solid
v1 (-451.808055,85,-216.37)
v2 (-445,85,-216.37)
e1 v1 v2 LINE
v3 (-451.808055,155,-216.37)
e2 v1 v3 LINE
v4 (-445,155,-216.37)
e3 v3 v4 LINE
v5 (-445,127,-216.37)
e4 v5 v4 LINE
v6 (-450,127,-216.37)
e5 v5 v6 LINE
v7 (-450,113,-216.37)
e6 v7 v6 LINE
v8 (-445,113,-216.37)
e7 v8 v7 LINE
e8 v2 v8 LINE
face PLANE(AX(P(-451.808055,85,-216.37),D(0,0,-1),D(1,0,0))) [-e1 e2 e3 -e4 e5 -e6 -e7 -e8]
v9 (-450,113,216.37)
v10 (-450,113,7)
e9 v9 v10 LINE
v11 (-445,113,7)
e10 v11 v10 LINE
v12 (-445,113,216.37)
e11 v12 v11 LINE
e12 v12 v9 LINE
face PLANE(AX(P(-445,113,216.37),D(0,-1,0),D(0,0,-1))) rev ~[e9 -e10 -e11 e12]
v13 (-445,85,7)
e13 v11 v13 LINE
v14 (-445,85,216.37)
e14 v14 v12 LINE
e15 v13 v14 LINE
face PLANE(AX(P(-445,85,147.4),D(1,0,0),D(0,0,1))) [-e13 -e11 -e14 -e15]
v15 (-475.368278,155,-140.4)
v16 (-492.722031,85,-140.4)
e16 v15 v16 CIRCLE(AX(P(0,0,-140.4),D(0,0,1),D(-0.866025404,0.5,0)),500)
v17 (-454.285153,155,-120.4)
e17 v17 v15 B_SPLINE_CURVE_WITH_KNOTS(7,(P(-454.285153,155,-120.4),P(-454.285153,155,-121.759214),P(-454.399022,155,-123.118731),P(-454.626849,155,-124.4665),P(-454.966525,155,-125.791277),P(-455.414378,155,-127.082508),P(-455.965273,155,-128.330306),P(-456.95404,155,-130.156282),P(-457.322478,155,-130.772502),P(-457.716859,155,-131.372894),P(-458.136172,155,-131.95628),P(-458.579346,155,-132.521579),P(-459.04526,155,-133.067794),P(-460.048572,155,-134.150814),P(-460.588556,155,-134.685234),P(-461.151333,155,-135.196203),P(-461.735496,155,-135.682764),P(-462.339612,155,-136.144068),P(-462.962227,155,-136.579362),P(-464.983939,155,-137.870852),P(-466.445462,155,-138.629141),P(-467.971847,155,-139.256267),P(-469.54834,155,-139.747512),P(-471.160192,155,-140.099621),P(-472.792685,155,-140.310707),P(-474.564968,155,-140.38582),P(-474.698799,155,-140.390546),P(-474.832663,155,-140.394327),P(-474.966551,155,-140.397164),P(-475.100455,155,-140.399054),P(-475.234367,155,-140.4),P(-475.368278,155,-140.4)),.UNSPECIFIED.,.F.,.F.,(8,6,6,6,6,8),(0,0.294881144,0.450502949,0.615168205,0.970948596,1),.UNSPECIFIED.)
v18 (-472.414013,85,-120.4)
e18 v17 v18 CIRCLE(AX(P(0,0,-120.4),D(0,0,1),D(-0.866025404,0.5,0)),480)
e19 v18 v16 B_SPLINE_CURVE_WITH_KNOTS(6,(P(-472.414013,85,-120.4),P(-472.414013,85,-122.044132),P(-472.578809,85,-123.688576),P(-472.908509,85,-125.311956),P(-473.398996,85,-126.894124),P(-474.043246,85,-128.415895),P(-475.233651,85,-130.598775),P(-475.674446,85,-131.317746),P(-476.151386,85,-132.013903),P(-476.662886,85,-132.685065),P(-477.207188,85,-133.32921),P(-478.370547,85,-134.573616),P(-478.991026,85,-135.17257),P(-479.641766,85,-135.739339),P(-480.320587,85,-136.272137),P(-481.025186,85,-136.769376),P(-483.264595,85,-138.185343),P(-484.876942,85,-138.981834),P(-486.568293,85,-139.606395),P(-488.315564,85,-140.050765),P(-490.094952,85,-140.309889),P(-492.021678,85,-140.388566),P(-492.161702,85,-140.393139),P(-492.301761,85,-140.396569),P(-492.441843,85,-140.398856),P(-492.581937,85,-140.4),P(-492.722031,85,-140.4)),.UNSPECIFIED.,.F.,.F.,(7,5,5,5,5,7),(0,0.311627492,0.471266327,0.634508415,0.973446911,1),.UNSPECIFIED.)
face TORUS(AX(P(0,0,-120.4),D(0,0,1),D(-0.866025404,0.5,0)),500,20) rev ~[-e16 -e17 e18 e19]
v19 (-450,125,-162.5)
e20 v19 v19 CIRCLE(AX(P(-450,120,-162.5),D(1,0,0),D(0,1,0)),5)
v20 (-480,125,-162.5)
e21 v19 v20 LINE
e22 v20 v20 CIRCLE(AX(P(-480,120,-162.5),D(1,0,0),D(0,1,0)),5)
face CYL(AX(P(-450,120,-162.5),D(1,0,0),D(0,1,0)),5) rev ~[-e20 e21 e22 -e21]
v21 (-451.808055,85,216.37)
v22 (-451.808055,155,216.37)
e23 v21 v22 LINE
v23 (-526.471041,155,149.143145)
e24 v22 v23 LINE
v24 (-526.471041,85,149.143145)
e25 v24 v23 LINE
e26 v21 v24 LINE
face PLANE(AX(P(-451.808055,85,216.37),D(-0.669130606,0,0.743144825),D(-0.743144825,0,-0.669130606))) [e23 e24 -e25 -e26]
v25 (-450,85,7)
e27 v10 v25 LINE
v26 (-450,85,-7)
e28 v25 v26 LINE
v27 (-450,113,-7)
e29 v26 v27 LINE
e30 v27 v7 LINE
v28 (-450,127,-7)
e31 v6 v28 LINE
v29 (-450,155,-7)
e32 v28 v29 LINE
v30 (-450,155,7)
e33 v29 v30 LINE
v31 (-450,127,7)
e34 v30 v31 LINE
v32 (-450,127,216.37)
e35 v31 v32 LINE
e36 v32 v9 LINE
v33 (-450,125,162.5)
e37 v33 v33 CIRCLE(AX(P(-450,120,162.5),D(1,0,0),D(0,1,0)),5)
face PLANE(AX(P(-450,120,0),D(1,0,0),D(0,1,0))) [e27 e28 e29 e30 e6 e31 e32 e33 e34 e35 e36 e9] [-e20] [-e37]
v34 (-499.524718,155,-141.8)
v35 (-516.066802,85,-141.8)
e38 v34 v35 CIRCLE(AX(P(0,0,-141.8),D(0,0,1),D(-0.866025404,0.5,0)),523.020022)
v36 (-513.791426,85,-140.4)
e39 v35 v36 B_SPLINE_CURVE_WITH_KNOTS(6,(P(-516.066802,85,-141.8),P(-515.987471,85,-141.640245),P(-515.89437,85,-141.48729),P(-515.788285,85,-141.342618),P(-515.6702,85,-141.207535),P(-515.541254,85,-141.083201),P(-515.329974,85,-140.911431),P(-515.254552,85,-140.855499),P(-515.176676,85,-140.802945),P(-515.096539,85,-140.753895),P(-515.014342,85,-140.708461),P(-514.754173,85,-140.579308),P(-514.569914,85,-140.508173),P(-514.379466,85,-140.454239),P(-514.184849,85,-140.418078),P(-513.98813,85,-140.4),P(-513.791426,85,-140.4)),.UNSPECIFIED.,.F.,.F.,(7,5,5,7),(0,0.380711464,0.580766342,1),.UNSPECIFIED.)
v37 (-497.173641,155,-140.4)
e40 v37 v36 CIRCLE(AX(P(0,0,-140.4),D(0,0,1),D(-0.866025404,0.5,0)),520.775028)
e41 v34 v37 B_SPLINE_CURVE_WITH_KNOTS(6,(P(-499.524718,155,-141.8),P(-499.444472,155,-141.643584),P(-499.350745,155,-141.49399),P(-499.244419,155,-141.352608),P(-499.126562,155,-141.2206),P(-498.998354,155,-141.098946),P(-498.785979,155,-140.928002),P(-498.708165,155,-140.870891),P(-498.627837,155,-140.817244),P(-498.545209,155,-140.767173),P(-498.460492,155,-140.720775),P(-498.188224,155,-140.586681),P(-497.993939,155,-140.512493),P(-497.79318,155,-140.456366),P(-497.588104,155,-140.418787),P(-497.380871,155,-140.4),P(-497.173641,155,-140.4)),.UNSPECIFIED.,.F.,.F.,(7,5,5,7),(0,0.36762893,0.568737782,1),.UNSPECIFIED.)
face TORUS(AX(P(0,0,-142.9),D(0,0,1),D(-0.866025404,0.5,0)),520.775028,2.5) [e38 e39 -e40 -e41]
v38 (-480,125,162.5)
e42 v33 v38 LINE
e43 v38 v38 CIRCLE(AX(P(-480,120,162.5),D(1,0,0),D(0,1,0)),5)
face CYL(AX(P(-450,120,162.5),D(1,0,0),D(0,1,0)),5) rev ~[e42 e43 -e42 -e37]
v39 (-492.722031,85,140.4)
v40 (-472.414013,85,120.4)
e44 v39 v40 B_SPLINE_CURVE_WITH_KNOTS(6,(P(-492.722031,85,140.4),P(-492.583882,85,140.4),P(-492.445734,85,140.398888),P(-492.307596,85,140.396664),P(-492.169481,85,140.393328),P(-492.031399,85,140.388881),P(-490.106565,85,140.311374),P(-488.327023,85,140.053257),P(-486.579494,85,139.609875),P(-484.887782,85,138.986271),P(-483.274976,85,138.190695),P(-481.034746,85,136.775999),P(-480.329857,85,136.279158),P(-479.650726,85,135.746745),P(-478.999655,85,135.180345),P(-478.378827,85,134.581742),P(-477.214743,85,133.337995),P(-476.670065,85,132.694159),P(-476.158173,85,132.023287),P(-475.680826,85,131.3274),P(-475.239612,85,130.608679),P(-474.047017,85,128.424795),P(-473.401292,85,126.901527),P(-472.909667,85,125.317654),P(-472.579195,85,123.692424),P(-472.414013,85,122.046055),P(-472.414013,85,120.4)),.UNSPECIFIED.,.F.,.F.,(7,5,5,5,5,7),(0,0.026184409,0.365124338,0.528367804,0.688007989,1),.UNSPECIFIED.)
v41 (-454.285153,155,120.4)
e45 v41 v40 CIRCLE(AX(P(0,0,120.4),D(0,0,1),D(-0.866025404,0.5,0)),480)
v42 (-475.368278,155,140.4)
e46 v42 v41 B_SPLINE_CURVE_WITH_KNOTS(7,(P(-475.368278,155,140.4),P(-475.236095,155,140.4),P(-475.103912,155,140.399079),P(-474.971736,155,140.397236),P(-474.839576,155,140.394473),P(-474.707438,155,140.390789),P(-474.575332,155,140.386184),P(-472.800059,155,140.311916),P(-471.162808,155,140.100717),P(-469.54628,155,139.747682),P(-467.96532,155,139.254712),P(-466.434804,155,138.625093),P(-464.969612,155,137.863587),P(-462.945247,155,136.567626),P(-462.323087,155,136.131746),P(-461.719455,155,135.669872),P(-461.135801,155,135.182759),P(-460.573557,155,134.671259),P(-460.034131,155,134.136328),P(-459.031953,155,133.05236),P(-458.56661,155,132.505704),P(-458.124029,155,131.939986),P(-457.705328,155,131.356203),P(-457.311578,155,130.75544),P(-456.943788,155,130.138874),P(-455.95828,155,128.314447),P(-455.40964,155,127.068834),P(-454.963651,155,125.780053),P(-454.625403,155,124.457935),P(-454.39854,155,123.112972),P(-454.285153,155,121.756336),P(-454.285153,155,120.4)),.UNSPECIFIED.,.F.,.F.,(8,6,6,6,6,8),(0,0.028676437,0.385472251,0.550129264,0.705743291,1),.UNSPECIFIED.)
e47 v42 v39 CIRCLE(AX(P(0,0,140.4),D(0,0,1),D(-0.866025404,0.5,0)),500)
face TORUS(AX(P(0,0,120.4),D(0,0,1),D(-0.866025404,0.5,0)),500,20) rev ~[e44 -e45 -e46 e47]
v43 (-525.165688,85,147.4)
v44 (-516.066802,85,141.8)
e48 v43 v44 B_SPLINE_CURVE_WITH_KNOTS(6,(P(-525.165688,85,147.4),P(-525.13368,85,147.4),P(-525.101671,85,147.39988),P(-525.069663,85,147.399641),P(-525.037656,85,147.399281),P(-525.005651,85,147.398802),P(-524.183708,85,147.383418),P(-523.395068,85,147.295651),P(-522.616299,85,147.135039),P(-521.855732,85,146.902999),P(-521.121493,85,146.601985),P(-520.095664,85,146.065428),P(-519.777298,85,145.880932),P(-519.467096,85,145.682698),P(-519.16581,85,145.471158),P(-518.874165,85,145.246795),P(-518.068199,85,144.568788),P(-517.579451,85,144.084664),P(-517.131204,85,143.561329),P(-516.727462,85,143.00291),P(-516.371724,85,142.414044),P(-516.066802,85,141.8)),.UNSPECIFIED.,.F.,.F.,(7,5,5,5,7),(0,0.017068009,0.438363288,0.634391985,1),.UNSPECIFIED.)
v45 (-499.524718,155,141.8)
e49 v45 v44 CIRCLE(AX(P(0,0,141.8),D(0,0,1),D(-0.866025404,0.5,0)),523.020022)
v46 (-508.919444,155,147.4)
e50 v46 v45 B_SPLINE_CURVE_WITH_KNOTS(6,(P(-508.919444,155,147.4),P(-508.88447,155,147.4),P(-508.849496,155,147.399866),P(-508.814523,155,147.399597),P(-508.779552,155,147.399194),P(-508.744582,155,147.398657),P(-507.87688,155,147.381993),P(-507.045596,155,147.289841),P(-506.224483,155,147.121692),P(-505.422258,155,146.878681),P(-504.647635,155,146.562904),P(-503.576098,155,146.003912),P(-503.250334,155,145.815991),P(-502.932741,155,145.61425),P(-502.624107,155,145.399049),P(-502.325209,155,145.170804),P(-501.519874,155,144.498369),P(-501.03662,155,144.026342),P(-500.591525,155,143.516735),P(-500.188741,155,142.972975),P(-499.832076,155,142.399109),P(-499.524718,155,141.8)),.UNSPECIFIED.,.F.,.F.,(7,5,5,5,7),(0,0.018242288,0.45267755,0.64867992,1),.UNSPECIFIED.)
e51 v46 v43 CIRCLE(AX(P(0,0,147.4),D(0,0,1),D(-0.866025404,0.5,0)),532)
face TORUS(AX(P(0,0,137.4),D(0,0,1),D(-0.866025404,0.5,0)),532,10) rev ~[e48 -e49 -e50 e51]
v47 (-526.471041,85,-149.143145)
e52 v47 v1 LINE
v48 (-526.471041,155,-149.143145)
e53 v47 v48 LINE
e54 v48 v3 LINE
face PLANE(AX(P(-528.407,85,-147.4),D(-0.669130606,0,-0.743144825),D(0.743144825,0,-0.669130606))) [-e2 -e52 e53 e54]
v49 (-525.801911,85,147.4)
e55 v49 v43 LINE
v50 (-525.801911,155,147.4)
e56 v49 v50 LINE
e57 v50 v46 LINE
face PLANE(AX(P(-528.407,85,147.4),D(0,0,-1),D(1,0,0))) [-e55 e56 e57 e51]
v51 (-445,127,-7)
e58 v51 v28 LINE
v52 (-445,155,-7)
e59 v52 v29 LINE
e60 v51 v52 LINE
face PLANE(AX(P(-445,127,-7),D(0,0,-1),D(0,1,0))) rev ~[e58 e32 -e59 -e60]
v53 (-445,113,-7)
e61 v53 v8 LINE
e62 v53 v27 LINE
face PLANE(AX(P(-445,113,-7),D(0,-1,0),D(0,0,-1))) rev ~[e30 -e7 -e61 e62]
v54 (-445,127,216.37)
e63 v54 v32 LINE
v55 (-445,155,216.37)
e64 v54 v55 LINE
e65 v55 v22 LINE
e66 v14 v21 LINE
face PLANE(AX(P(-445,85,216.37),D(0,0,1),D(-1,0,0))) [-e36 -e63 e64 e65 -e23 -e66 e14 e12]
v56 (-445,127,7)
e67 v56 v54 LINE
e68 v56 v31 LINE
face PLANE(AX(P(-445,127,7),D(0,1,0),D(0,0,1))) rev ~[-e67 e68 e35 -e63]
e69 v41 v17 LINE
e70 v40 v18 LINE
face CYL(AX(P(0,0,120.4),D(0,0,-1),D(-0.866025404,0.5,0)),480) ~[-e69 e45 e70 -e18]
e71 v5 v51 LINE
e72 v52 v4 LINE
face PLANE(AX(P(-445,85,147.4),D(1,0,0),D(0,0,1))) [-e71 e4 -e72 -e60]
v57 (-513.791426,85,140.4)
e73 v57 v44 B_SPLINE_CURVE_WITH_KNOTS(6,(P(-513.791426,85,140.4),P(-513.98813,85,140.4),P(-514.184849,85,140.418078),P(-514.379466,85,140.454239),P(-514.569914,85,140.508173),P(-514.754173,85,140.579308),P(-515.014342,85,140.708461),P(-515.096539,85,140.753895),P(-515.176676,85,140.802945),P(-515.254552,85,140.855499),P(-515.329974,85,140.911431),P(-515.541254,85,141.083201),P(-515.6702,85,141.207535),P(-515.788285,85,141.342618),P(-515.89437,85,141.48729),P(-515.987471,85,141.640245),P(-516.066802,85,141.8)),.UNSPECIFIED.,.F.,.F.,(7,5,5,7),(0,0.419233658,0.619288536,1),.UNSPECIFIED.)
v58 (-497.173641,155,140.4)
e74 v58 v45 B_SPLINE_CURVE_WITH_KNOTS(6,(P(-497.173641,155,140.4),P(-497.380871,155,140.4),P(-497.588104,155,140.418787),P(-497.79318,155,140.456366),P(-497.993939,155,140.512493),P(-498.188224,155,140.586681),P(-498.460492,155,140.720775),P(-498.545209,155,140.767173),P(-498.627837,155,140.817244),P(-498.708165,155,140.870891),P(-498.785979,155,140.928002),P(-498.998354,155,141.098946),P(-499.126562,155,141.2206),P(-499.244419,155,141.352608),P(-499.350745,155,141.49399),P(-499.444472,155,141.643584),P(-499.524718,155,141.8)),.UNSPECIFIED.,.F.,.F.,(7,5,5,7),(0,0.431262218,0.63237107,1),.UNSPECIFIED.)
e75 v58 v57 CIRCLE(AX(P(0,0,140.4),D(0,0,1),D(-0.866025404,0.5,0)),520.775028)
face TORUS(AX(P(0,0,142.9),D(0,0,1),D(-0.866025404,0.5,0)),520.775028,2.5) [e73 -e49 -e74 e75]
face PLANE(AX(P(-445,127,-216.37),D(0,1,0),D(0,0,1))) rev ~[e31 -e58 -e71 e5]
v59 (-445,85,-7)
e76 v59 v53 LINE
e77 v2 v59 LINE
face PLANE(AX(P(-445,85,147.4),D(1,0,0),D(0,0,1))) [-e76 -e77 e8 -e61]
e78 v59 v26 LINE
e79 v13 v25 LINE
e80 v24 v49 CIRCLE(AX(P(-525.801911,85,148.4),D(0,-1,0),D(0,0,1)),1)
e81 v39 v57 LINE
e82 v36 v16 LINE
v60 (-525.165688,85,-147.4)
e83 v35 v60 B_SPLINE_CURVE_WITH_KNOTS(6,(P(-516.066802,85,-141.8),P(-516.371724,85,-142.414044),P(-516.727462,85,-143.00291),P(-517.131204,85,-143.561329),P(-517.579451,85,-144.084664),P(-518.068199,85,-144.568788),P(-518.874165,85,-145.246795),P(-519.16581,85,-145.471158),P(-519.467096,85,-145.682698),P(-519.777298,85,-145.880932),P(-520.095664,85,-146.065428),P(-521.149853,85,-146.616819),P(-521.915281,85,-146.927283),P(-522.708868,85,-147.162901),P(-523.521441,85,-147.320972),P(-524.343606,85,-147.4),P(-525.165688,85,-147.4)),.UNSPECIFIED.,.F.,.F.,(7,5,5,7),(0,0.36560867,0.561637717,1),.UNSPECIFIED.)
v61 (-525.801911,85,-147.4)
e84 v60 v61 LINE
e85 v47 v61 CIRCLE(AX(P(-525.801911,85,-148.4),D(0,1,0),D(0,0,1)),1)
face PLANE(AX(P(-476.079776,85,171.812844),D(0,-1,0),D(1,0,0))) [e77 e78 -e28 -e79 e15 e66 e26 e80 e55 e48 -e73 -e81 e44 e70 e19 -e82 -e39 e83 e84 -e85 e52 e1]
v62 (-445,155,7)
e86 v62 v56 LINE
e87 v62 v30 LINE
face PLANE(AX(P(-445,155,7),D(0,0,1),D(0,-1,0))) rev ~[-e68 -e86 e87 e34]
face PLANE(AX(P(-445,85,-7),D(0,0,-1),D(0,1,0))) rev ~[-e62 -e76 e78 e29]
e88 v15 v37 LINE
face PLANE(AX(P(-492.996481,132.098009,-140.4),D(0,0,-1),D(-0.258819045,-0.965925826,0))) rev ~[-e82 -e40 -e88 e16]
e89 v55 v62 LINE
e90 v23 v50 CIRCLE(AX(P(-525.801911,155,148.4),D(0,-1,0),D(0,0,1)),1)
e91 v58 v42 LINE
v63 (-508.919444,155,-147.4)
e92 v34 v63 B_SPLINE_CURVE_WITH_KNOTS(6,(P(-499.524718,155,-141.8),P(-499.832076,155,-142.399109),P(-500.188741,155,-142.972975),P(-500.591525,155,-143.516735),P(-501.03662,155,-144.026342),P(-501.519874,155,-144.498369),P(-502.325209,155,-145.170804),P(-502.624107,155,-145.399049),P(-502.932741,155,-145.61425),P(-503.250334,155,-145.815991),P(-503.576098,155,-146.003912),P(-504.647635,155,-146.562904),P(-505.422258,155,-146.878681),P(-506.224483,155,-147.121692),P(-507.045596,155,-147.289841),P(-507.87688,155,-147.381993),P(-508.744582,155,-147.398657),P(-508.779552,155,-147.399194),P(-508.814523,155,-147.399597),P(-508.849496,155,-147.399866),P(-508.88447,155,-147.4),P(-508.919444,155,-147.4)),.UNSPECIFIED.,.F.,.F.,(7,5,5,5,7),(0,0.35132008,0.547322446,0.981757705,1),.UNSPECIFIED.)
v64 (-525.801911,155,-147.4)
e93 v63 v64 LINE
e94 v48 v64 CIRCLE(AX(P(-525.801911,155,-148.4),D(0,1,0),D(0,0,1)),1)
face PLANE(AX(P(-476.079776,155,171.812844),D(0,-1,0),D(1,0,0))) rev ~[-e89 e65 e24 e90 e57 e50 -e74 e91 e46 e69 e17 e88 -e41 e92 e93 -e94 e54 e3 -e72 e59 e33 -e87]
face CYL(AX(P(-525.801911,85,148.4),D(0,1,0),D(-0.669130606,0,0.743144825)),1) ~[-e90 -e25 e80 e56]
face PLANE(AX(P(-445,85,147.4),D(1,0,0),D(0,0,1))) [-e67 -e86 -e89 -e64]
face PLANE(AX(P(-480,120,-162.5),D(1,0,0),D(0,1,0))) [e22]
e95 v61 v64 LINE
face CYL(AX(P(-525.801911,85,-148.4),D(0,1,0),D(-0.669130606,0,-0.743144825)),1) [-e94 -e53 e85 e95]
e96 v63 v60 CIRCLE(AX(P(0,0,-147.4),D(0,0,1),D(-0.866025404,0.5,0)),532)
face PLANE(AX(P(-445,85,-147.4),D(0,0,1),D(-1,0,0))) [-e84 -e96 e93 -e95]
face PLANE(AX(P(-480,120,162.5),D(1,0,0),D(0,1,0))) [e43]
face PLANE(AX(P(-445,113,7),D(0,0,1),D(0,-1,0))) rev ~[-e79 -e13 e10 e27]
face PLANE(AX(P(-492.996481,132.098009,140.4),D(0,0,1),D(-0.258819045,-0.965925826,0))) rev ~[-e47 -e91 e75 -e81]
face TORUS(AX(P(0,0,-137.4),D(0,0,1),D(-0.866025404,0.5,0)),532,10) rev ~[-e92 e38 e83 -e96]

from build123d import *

# Parameters (mm, degrees)
F4_DEPTH  = 294.8
F6_DEPTH  = 70
F8_DEPTH  = 5
F9_R      = 5
F10_DEPTH = 30
F11_R     = 1


with BuildPart() as f2:
    # F2: sweep along a path in F1
    with BuildLine(Plane.XY) as f2_path:
        ThreePointArc((-415.6921938165, 240), (-463.6443966188, 124.2331416492), (-480, 0))
    # F0 (on Front) → F2 (sweep)
    with BuildSketch(Plane.XZ):
        with BuildLine():
            Line((-480, 120.4), (-480, 0))
            Line((-480, 0), (-480, -120.4))
            ThreePointArc((-480, -120.4), (-485.8578643763, -134.5421356237), (-500, -140.4))
            Line((-500, -140.4), (-520.7750278397, -140.4))
            ThreePointArc((-520.7750278397, -140.4), (-522.0979034952, -140.7786796564), (-523.0200222717, -141.8))
            ThreePointArc((-523.0200222717, -141.8), (-526.7084973779, -145.8852813742), (-532, -147.4))
            Line((-532, -147.4), (-450.85, -147.4))
            Line((-450.85, -147.4), (-450.85, 0))
            Line((-450.85, 0), (-450.85, 147.4))
            Line((-450.85, 147.4), (-532, 147.4))
            ThreePointArc((-532, 147.4), (-526.7084973779, 145.8852813742), (-523.0200222717, 141.8))
            ThreePointArc((-523.0200222717, 141.8), (-522.0979034952, 140.7786796564), (-520.7750278397, 140.4))
            Line((-520.7750278397, 140.4), (-500, 140.4))
            ThreePointArc((-500, 140.4), (-485.8578643763, 134.5421356237), (-480, 120.4))
        make_face()
    sweep(path=f2_path.line)

    # F3 (on face) → F4 (cut, through all)
    with BuildSketch(Plane.XY.offset(147.4)):
        with BuildLine():
            Line((-445, 85), (-525.1656881404, 85))
            ThreePointArc((-525.1656881404, 85), (-530.2886695427, 42.6371546266), (-532, 0))
            Line((-532, 0), (-450.85, 0))
            ThreePointArc((-450.85, 0), (-435.4876587824, 116.6885664845), (-390.4475532962, 225.425))
            Line((-390.4475532962, 225.425), (-460.7255148133, 266))
            ThreePointArc((-460.7255148133, 266), (-487.9888178112, 211.8747594482), (-508.9194435272, 155))
            Line((-508.9194435272, 155), (-445, 155))
            Line((-445, 155), (-445, 85))
        make_face()
    extrude(amount=-F4_DEPTH, mode=Mode.SUBTRACT)

    # F5 (on face) → F6 (join)
    with BuildSketch(Plane.XZ.offset(-85)):
        Polygon((-451.8080547159, 216.37), (-528.4069998637, 147.4), (-445, 147.4), (-445, 216.37), align=None)
        Polygon((-528.4069998637, -147.4), (-451.8080547159, -216.37), (-445, -216.37), (-445, -147.4), align=None)
    extrude(amount=-F6_DEPTH)

    # F7 (on face) → F8 (cut)
    with BuildSketch(Plane.YZ.offset(-445)):
        Polygon((127, 216.37), (113, 216.37), (113, 7), (85, 7), (85, -7), (113, -7), (113, -216.37), (127, -216.37), (127, -7), (155, -7), (155, 7), (127, 7), align=None)
    extrude(amount=-F8_DEPTH, mode=Mode.SUBTRACT)

    # F9 (on face) → F10 (cut)
    with BuildSketch(Plane.YZ.offset(-450)):
        with Locations((120, 162.5)):
            Circle(F9_R)
        with Locations((120, -162.5)):
            Circle(F9_R)
    extrude(amount=-F10_DEPTH, mode=Mode.SUBTRACT)

    # F11
    f11_edges = [f2.edges().sort_by_distance(p)[0] for p in [
        (-528.407, 120, 147.4),
        (-528.407, 120, -147.4),
    ]]
    fillet(f11_edges, radius=F11_R)


solid = f2.part
